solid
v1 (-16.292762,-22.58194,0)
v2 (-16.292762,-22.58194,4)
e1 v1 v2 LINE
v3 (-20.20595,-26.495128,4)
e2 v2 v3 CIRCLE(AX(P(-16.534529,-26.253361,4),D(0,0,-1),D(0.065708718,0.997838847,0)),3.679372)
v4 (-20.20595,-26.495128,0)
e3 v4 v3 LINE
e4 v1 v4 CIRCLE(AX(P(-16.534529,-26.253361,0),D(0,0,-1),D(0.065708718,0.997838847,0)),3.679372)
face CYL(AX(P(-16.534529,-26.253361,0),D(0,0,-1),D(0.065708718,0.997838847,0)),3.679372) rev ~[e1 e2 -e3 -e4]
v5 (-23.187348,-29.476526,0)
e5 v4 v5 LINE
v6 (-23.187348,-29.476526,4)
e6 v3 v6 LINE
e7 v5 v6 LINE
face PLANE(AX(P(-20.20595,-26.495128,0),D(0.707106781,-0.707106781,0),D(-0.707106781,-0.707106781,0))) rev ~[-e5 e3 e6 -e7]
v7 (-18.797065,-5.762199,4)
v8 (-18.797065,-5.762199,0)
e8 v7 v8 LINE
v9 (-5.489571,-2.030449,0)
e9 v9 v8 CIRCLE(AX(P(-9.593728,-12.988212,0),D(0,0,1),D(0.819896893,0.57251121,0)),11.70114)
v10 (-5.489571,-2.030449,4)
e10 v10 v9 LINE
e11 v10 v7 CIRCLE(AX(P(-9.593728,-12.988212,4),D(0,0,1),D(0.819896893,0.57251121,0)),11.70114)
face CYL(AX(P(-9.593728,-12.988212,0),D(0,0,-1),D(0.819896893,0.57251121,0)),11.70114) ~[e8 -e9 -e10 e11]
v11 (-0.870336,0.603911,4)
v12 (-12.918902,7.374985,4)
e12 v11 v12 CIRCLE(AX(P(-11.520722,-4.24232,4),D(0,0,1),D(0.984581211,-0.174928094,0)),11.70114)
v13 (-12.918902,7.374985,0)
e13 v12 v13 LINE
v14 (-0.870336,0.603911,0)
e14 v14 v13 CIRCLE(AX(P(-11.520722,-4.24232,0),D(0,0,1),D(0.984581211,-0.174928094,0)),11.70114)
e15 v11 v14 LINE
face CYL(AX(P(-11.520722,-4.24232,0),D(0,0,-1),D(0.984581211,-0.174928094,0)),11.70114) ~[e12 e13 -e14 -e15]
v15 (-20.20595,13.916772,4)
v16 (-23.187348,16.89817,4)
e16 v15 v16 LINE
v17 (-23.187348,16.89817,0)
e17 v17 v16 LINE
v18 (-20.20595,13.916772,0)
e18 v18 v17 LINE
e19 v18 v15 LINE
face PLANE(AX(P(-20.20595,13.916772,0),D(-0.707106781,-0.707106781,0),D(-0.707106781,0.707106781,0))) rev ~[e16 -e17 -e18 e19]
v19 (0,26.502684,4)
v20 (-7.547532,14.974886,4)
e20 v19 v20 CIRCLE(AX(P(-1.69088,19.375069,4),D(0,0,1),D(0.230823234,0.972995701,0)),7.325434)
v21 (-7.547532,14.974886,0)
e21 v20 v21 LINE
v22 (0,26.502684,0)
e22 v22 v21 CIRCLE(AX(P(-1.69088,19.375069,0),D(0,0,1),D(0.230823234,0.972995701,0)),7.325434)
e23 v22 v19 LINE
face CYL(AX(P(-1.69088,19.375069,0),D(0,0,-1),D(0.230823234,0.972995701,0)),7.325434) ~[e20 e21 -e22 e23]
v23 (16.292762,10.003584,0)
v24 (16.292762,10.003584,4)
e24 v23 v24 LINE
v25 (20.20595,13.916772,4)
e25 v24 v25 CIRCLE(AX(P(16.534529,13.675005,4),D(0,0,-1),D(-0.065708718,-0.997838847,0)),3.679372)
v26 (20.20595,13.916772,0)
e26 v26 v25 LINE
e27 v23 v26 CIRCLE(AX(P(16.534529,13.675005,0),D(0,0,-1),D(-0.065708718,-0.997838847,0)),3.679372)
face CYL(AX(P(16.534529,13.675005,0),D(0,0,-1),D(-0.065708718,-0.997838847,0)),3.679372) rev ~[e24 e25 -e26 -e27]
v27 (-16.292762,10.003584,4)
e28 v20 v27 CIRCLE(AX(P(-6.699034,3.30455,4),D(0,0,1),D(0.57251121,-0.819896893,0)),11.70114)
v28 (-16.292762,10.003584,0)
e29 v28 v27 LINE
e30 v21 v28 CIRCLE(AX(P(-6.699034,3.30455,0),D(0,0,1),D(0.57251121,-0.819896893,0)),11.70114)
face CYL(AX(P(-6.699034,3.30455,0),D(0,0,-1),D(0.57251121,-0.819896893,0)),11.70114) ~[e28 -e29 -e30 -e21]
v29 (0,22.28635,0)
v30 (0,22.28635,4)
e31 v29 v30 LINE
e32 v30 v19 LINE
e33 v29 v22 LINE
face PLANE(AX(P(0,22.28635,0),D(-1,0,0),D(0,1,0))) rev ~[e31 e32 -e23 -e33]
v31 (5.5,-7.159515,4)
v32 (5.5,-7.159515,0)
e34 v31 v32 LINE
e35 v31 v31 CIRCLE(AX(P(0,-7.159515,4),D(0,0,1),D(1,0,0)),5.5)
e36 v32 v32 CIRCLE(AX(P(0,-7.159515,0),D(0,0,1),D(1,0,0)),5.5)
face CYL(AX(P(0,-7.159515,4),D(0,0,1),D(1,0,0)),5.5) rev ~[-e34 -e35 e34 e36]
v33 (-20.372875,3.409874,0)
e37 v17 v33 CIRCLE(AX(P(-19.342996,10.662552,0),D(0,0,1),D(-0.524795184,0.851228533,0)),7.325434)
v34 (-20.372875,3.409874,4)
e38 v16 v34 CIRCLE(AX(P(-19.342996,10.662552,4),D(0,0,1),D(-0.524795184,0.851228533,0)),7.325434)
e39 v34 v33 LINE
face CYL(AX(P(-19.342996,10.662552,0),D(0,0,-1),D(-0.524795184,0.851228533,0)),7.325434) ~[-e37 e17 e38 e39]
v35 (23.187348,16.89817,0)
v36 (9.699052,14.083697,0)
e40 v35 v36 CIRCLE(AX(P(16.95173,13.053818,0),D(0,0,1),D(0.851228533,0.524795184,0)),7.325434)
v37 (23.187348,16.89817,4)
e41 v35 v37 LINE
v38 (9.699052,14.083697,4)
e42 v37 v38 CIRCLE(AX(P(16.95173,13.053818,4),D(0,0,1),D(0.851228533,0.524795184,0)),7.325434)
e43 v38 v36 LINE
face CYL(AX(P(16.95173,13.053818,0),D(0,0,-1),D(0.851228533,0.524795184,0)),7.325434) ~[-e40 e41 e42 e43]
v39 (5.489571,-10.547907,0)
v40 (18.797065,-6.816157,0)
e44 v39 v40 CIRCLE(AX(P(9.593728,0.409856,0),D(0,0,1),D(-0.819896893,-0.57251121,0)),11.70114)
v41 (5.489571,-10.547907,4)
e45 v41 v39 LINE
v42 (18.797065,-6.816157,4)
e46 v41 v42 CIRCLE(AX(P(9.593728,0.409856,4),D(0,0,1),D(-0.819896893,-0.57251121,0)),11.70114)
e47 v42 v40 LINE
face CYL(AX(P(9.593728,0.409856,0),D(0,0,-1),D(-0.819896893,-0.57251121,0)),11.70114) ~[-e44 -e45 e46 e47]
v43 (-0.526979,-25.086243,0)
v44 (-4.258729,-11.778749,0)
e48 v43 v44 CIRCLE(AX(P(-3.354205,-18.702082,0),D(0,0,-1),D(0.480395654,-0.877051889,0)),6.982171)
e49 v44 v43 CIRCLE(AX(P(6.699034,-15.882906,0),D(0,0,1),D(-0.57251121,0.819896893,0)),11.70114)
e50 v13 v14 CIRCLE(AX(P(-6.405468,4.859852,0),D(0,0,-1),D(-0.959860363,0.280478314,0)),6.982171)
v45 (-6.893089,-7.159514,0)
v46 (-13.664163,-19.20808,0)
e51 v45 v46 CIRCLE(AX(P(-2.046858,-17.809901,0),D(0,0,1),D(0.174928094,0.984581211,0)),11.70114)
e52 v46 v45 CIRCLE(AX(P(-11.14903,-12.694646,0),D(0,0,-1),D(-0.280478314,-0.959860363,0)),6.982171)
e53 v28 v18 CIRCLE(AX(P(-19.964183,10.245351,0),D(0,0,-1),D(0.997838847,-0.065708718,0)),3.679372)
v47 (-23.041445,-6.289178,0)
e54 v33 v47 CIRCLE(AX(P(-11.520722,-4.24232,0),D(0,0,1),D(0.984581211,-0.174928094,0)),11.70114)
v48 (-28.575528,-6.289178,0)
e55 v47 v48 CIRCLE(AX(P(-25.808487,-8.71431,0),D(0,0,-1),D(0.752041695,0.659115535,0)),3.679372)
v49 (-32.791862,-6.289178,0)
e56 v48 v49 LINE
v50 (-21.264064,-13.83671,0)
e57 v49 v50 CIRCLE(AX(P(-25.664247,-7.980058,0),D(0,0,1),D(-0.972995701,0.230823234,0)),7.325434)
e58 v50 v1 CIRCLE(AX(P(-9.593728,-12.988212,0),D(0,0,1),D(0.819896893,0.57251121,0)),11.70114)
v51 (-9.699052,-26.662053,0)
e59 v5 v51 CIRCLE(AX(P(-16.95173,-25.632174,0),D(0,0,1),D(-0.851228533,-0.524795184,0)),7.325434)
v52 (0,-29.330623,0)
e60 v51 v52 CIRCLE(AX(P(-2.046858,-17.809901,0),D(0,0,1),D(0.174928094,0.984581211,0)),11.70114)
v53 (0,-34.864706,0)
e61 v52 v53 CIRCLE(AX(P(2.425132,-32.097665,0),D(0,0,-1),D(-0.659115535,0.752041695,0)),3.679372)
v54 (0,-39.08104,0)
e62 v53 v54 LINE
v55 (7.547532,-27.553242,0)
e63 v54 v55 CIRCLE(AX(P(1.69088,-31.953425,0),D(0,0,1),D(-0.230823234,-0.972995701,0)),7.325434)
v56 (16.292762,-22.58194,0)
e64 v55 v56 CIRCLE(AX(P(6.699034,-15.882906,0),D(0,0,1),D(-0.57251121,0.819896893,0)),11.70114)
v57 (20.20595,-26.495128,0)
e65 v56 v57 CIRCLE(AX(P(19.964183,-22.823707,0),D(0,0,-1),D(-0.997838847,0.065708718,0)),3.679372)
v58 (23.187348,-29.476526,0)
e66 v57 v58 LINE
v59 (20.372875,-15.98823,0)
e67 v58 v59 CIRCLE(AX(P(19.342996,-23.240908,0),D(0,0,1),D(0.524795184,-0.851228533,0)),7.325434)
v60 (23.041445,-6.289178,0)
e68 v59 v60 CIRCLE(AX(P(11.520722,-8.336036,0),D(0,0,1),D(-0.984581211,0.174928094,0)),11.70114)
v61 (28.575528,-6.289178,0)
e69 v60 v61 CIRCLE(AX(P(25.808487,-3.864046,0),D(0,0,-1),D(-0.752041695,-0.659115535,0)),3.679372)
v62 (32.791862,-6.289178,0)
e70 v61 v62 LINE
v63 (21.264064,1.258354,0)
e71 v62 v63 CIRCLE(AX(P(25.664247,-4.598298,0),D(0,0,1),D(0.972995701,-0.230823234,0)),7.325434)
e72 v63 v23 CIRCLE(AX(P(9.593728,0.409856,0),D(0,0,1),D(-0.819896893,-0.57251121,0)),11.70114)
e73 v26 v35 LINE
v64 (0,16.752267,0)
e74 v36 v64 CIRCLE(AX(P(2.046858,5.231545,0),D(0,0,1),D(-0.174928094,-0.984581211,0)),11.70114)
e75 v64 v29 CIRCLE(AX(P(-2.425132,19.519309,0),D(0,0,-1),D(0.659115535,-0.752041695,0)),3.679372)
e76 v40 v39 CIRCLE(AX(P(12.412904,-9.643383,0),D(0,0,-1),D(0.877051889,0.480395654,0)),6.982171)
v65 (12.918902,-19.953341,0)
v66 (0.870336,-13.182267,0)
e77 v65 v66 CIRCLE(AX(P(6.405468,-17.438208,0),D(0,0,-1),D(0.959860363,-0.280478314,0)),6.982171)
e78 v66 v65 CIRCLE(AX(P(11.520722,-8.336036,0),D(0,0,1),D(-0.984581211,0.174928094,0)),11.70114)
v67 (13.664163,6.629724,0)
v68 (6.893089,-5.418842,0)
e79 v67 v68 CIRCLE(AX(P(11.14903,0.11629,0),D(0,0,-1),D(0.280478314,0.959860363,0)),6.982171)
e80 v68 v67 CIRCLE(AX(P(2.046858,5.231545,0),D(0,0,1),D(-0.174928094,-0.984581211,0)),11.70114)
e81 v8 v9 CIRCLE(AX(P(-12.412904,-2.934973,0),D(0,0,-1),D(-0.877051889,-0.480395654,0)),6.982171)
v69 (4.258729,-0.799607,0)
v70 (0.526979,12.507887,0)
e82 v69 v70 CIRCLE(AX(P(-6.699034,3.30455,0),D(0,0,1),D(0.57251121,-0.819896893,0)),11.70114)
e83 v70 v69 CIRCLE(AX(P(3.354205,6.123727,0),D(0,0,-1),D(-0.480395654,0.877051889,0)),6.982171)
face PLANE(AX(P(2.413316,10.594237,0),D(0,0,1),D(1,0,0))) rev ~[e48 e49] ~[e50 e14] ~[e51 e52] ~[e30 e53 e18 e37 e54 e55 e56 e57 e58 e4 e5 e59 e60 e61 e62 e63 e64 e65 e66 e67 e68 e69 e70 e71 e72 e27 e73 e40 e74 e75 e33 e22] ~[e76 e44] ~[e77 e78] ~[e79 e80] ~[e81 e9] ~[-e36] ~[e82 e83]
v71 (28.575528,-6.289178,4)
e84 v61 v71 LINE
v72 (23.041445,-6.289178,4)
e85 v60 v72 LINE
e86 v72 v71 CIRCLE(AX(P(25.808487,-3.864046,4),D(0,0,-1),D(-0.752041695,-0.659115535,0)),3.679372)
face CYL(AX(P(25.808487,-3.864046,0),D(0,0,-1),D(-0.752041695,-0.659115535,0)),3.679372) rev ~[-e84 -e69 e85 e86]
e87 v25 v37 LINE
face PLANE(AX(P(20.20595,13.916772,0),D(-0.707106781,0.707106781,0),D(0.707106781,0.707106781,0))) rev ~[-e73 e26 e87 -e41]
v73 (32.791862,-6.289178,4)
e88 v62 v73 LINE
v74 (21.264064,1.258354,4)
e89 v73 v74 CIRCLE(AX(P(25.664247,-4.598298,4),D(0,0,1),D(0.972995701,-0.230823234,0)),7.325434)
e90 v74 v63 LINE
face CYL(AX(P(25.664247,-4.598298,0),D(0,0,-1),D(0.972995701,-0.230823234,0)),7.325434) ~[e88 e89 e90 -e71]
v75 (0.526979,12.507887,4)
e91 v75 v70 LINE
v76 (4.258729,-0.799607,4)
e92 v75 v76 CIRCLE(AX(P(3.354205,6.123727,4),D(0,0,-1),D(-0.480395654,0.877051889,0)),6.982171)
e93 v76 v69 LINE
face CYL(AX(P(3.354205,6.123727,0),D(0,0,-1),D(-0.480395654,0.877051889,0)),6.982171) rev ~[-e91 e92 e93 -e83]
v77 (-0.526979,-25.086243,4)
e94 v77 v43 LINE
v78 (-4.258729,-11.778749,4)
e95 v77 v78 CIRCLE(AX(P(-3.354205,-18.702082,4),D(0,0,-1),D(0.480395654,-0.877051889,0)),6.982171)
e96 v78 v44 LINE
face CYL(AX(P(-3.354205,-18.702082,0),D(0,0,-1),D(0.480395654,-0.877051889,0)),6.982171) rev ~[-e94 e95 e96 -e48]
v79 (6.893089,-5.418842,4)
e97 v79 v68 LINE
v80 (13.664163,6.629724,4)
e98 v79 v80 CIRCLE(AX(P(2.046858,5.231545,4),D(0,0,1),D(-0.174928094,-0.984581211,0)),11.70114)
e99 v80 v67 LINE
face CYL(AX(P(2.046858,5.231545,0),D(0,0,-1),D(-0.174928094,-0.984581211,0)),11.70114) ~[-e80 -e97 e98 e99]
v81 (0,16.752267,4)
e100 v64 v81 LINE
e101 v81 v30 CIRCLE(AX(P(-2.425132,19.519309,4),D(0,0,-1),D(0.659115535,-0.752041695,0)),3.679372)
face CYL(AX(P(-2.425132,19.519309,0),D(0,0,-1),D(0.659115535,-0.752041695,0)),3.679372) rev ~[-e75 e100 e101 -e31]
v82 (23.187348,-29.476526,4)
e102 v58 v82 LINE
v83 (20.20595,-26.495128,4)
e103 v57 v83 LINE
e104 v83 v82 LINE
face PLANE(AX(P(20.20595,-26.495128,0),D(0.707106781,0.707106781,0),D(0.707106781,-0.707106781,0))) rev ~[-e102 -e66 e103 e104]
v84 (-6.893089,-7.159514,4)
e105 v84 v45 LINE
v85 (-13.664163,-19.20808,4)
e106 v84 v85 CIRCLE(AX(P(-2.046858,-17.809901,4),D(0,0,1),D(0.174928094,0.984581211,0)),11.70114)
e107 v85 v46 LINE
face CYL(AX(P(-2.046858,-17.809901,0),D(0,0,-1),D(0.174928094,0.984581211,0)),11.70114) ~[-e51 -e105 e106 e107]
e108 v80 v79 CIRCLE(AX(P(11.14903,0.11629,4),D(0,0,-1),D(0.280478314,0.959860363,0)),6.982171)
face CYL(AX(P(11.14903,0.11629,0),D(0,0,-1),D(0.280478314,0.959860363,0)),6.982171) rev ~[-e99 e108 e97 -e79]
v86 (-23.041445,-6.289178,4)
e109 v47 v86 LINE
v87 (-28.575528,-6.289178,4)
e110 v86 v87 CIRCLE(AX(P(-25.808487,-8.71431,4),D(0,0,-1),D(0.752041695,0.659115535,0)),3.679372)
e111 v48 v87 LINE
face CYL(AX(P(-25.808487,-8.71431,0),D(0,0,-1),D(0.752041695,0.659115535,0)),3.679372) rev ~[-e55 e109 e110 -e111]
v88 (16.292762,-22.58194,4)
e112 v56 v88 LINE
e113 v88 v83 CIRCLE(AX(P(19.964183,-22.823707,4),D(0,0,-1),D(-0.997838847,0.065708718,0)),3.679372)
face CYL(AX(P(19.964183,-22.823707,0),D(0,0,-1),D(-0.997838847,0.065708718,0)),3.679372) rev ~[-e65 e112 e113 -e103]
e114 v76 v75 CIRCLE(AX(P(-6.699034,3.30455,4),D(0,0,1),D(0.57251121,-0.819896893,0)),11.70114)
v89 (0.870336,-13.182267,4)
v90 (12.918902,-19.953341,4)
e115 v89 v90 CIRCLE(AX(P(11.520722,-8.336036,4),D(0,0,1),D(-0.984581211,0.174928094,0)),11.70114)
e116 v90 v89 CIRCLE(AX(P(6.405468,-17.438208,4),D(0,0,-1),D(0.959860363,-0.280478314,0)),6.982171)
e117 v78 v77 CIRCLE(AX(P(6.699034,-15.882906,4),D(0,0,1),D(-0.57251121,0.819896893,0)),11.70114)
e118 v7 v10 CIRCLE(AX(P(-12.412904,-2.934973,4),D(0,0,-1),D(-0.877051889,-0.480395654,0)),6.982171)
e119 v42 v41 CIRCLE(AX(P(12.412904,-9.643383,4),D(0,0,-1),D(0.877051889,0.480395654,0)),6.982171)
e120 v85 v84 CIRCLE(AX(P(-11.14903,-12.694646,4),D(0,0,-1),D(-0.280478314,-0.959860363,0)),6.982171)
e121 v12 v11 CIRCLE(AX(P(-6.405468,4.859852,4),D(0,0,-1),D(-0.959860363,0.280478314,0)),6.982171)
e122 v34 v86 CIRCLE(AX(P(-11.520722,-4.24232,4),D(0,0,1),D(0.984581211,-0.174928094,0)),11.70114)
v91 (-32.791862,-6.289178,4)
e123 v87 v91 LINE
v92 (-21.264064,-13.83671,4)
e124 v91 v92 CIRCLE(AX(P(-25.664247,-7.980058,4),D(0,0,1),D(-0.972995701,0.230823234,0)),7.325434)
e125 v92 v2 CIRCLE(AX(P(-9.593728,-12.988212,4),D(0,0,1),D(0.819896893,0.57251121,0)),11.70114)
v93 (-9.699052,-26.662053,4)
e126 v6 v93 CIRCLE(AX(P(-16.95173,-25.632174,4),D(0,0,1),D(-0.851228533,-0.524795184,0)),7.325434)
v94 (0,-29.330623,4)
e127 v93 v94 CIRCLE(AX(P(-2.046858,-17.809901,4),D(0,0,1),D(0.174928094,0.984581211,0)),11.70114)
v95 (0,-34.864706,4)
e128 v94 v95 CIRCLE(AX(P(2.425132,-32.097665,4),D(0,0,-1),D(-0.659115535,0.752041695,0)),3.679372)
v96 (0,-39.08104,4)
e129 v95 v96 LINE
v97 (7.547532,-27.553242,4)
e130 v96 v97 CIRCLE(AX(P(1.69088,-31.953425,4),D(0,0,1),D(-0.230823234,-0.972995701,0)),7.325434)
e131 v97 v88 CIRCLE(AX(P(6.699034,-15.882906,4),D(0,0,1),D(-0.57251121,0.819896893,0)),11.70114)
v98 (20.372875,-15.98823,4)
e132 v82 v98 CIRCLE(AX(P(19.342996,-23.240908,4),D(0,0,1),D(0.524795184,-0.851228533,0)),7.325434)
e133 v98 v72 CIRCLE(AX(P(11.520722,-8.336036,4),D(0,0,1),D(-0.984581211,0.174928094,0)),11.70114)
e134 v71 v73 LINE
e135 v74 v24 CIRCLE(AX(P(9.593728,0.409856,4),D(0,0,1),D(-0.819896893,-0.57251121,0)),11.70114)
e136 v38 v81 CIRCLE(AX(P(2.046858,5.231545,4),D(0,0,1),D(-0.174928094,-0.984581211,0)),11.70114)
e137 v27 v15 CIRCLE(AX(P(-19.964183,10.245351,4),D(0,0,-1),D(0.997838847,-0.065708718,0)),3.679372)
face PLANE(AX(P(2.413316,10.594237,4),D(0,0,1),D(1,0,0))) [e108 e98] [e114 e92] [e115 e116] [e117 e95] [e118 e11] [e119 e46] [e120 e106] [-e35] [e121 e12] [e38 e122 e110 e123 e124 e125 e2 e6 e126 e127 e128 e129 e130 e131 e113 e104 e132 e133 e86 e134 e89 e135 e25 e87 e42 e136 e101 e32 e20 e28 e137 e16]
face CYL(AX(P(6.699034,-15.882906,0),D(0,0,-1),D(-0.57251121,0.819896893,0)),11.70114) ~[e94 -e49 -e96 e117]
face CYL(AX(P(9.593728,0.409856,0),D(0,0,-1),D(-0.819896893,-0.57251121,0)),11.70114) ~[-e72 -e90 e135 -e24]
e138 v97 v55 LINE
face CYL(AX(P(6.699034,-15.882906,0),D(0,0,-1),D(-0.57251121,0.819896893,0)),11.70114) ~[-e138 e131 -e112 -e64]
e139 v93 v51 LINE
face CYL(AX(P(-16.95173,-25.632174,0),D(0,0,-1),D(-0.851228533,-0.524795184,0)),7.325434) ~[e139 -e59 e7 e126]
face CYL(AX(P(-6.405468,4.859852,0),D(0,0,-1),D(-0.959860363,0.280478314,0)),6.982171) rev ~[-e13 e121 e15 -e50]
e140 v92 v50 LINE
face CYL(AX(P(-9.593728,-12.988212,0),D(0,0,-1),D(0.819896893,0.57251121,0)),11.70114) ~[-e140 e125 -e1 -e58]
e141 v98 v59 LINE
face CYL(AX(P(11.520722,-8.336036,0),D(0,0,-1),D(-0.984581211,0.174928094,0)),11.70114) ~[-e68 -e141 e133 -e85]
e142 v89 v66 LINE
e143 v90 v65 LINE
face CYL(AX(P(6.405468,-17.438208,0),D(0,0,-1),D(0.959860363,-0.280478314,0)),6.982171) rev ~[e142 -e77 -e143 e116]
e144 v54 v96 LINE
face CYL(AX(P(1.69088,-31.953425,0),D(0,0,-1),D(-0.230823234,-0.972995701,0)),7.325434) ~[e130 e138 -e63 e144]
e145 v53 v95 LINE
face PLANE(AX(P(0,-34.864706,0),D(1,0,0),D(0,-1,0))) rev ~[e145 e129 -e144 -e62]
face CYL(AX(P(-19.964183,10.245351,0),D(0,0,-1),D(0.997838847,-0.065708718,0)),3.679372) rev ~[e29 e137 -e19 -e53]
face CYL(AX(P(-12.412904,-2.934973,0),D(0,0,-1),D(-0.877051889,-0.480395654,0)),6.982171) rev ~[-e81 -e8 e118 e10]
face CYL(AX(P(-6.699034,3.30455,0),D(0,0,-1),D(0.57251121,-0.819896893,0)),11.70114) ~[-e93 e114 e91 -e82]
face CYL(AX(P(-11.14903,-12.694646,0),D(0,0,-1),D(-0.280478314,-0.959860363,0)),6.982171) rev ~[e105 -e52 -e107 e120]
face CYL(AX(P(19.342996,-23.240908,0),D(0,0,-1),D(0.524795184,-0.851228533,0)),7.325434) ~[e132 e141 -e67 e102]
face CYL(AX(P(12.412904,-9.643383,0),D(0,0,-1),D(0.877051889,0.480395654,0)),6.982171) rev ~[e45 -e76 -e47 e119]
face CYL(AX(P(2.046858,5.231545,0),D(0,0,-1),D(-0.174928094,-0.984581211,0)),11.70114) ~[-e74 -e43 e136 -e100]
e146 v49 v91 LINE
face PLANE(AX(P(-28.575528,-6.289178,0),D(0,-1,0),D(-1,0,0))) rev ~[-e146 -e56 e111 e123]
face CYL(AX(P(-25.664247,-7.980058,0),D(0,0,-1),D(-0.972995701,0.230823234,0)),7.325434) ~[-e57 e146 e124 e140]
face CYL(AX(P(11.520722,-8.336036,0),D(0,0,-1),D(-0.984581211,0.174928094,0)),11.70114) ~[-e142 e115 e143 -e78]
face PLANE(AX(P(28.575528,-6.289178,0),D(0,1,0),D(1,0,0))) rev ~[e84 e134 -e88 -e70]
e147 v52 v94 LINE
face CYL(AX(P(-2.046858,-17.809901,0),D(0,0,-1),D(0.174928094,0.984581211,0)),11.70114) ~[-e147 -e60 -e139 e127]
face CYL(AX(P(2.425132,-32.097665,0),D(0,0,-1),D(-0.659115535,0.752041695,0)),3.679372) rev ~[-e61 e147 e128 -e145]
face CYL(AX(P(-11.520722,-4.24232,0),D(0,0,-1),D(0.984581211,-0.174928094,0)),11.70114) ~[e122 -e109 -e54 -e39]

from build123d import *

# Parameters (mm, degrees)
F1_DEPTH = 4
F2_COUNT = 8
F4_R     = 5.5
F5_DEPTH = 4


with BuildPart() as f1:
    # F0 (on Top) → F1 (new body)
    with BuildSketch(Plane.XY):
        with BuildLine():
            Line((0, 22.28635), (0, 26.502684))
            ThreePointArc((0, 26.502684), (-9.016314, 19.375069), (0, 12.247453))
            ThreePointArc((0, 12.247453), (10.336376, 6.123727), (0, 0))
            Line((0, 0), (0, -6.289178))
            ThreePointArc((0, -6.289178), (13.747998, 5.231544), (0, 16.752267))
            ThreePointArc((0, 16.752267), (-6.104504, 19.519308), (0, 22.28635))
        make_face()
    extrude(amount=F1_DEPTH)


with BuildPart() as f2_1:
    # F2: instance of F1
    add(f1.part.rotate(Axis((0, -6.289178, 2), (0, 0, 1)), 1 * 360 / F2_COUNT))


with BuildPart() as f2_2:
    # F2: instance of F1
    add(f1.part.rotate(Axis((0, -6.289178, 2), (0, 0, 1)), 2 * 360 / F2_COUNT))


with BuildPart() as f2_3:
    # F2: instance of F1
    add(f1.part.rotate(Axis((0, -6.289178, 2), (0, 0, 1)), 3 * 360 / F2_COUNT))


with BuildPart() as f2_4:
    # F2: instance of F1
    add(f1.part.rotate(Axis((0, -6.289178, 2), (0, 0, 1)), 4 * 360 / F2_COUNT))


with BuildPart() as f2_5:
    # F2: instance of F1
    add(f1.part.rotate(Axis((0, -6.289178, 2), (0, 0, 1)), 5 * 360 / F2_COUNT))


with BuildPart() as f2_6:
    # F2: instance of F1
    add(f1.part.rotate(Axis((0, -6.289178, 2), (0, 0, 1)), 6 * 360 / F2_COUNT))


with BuildPart() as f2_7:
    # F2: instance of F1
    add(f1.part.rotate(Axis((0, -6.289178, 2), (0, 0, 1)), 7 * 360 / F2_COUNT))


with BuildPart() as f2_6_1:
    add(f2_6.part)

    # F3: union F2_7, F2_5, F2_2, F2_1, F2_4, F2_3, F1
    add(f2_7.part)
    add(f2_5.part)
    add(f2_2.part)
    add(f2_1.part)
    add(f2_4.part)
    add(f2_3.part)
    add(f1.part)

    # F4 (on face) → F5 (cut)
    with BuildSketch(Plane.XY.offset(4)):
        with Locations((0, -7.159515)):
            Circle(F4_R)
    extrude(amount=-F5_DEPTH, mode=Mode.SUBTRACT)


solid = f2_6_1.part
